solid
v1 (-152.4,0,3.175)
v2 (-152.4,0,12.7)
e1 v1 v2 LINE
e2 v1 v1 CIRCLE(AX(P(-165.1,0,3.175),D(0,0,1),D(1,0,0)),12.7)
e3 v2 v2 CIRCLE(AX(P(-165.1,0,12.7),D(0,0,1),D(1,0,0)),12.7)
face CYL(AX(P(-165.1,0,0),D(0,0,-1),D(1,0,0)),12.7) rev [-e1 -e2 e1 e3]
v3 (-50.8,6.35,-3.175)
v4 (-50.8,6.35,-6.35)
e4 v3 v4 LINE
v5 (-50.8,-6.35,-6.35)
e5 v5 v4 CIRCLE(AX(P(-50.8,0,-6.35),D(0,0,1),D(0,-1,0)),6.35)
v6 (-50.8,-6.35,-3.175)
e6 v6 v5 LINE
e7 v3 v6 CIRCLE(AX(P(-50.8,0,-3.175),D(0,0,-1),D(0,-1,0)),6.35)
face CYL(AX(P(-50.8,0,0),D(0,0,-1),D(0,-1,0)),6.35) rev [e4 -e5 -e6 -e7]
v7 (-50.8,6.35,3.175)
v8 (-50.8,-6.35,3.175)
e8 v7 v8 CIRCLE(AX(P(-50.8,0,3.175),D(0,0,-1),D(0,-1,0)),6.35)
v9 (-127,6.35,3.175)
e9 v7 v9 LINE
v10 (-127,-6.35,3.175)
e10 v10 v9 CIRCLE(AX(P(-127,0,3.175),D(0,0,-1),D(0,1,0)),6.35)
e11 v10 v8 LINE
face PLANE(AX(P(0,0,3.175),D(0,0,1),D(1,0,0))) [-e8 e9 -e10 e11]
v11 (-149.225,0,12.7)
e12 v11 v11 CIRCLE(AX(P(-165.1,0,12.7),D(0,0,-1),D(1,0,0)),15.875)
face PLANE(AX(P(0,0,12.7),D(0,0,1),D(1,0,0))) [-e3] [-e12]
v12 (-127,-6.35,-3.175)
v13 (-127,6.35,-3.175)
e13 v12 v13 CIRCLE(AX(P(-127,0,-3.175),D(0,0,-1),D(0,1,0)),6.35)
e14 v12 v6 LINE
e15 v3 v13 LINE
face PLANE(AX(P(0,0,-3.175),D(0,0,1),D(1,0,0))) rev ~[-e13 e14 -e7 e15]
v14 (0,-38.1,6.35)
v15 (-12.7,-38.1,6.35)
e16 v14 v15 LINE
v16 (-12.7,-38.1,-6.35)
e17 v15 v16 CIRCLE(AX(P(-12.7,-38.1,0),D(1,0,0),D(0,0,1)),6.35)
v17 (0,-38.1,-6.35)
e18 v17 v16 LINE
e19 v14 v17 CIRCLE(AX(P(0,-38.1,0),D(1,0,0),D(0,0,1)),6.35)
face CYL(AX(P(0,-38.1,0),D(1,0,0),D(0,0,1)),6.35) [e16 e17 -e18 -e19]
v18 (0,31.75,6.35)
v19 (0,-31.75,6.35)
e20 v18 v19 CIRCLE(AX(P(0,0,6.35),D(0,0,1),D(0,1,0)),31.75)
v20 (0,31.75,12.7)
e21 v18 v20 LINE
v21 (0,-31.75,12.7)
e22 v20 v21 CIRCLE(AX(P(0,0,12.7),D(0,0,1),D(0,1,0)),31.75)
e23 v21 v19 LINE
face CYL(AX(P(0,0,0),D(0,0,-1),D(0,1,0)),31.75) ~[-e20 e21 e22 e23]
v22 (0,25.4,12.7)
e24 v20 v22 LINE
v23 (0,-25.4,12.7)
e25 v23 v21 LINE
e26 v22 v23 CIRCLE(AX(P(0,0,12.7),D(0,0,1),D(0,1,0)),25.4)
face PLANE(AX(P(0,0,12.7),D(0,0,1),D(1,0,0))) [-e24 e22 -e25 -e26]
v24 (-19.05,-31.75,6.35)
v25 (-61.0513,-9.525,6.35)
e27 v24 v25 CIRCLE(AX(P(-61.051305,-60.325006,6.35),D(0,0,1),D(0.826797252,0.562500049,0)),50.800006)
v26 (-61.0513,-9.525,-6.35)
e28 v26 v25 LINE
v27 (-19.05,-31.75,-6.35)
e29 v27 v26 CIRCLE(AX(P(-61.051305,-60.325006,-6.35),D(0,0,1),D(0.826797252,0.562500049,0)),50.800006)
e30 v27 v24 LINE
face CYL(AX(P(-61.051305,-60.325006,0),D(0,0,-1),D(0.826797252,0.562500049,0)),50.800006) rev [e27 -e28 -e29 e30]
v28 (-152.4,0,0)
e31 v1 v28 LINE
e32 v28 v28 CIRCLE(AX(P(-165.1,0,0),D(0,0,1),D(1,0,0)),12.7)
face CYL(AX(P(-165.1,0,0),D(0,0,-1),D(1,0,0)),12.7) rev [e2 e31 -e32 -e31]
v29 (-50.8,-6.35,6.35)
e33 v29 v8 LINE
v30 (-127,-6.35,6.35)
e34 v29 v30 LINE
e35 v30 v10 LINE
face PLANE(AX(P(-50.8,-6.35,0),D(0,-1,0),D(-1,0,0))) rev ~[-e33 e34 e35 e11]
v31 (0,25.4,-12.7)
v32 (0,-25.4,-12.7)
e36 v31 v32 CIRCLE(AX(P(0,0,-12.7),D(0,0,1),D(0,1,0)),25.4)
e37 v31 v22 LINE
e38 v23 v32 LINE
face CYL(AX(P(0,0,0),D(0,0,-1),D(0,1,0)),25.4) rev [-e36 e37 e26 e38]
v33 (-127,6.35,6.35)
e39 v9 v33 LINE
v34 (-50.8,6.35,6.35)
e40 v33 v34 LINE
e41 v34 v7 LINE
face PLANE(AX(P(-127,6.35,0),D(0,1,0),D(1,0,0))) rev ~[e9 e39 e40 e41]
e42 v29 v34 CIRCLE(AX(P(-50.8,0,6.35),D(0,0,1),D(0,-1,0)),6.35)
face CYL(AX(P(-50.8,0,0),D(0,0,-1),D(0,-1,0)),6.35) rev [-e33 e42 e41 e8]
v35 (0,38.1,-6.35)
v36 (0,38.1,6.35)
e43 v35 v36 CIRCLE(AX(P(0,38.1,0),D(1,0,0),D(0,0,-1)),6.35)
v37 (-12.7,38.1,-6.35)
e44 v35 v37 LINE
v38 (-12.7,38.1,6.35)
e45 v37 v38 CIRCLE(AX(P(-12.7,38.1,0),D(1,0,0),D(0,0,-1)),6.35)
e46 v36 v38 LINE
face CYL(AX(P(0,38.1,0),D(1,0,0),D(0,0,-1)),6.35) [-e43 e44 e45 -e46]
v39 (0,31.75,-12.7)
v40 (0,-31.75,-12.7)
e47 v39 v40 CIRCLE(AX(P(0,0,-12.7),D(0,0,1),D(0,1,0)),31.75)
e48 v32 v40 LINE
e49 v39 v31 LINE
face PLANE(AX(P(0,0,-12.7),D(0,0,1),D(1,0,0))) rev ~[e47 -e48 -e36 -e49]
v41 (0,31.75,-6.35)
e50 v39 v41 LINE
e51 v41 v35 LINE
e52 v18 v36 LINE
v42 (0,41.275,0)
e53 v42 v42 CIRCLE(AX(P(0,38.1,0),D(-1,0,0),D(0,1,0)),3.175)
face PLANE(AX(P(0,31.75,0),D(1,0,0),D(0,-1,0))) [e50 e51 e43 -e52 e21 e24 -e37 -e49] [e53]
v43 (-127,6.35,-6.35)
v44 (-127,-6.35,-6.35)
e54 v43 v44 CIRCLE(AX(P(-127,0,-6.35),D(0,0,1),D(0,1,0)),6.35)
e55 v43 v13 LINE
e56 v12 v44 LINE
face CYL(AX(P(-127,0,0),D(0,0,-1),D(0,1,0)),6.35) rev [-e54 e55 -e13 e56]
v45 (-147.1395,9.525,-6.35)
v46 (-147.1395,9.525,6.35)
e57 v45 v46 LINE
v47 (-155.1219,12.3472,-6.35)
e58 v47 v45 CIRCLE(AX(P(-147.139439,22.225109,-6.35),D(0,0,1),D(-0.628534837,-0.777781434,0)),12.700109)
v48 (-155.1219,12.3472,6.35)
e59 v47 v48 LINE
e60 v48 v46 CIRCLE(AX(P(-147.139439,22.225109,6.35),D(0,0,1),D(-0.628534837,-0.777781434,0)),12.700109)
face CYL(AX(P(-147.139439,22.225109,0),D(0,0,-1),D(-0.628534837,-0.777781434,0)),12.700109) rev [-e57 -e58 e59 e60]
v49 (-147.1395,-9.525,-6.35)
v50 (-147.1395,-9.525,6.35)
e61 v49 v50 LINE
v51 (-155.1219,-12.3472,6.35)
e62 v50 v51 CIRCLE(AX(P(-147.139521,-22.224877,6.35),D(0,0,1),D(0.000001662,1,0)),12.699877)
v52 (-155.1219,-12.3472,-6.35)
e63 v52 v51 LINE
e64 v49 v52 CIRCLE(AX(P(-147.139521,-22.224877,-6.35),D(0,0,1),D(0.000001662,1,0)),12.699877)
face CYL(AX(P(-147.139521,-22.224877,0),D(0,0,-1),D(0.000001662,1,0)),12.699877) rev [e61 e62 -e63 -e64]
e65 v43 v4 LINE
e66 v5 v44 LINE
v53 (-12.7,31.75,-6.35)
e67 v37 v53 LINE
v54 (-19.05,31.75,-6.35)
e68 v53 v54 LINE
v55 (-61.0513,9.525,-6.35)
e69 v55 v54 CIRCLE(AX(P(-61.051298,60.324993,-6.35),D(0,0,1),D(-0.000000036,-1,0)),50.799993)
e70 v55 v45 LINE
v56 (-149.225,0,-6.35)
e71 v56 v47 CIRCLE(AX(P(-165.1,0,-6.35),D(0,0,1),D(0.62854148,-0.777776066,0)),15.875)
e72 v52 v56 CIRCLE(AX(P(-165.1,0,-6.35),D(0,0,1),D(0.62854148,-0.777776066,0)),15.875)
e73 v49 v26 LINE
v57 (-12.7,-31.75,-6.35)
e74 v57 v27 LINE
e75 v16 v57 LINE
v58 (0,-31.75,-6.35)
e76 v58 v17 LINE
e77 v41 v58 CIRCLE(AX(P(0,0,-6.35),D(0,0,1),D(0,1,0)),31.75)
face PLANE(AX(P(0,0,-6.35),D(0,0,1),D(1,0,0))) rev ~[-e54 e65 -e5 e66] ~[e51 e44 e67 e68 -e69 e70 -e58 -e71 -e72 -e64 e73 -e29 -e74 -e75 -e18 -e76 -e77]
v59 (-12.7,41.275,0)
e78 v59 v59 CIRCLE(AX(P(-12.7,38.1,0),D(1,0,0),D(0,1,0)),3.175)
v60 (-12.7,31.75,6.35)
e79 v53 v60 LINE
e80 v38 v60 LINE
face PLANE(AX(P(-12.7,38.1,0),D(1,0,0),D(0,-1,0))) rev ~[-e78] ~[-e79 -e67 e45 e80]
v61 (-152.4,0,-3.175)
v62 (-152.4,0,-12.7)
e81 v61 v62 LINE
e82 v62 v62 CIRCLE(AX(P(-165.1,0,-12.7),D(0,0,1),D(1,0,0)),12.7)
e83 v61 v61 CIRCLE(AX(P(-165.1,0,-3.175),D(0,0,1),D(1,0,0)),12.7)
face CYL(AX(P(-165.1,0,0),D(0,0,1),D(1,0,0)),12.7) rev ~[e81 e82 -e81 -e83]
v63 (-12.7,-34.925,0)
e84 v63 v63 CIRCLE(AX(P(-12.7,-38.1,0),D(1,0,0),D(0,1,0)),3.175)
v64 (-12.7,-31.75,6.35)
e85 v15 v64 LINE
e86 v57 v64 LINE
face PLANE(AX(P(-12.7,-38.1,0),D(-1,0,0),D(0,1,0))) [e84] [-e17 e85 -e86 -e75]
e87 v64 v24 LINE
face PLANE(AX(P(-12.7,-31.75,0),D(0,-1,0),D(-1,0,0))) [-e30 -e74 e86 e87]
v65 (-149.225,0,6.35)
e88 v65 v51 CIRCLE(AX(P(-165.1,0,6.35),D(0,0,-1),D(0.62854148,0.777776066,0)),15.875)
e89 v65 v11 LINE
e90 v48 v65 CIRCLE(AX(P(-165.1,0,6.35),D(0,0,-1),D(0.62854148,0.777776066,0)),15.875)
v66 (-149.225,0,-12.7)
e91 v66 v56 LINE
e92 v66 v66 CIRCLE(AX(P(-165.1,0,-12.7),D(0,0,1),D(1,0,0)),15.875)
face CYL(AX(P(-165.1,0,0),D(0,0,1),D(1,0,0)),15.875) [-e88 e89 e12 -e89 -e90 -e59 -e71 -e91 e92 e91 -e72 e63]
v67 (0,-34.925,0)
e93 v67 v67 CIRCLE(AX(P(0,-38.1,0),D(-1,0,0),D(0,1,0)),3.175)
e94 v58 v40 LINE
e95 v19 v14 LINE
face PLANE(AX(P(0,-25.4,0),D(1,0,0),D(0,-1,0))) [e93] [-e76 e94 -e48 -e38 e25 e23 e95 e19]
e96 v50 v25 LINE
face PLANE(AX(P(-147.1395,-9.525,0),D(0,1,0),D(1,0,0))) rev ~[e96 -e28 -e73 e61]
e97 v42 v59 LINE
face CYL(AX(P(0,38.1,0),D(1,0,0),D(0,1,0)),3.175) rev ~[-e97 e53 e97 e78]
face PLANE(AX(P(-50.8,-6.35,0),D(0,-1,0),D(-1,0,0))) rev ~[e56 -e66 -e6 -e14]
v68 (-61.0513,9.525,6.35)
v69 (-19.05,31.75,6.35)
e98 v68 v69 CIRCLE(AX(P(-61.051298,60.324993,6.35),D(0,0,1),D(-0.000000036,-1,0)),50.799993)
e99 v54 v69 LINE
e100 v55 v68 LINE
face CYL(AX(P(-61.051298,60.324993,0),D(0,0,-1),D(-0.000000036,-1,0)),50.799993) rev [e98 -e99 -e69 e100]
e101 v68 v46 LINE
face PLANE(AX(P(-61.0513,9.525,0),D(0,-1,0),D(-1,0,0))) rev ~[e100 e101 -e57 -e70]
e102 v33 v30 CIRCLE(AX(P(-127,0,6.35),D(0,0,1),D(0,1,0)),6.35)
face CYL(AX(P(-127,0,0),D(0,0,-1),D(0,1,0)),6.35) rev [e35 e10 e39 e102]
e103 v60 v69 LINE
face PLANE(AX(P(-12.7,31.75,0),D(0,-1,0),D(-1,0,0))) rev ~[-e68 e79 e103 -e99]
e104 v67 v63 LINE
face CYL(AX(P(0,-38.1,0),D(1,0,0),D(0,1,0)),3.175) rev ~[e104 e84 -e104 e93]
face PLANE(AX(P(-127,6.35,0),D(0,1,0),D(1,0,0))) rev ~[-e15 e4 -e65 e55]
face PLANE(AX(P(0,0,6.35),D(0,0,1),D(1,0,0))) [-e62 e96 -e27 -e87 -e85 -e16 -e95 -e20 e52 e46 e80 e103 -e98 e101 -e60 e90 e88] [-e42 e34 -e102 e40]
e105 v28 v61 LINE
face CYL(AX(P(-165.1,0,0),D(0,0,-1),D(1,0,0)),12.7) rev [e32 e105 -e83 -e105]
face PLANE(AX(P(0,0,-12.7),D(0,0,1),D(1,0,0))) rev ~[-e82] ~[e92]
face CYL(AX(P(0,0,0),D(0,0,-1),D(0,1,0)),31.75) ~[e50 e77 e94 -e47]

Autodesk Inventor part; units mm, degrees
ref_plane "YZ Plane" through (0, 0, 0) normal (1, 0, 0) x (0, 1, 0)
ref_plane "XZ Plane" through (0, 0, 0) normal (0, 1, 0) x (-1, 0, 0)
ref_plane "XY Plane" through (0, 0, 0) normal (0, 0, 1) x (1, 0, 0)
sketch "Sketch1" plane through (0, 0, 0) normal (0, 0, 1) x (1, 0, 0)
  arc A0 (0, 25.4) -> (0, -25.4) centre (0, 0) ccw
  arc A1 (0, 31.75) -> (0, -31.75) centre (0, 0) ccw
  line L0 (0, 31.75) -> (0, 25.4)
  line L1 (0, 7.578) -> (0, -31.75)
  line L2 (0, 31.75) -> (0, 38.1)
  line L3 (0, 38.1) -> (-12.7, 38.1)
  line L4 (-12.7, 38.1) -> (-12.7, 31.75)
  line L5 (-12.7, 31.75) -> (-19.05, 31.75)
  line L6 (0, -31.75) -> (0, -38.1)
  line L7 (0, -38.1) -> (-12.7, -38.1)
  line L8 (-12.7, -38.1) -> (-12.7, -31.75)
  line L9 (-12.7, -31.75) -> (-19.05, -31.75)
  line L10 (-61.0513, 9.525) -> (-147.1395, 9.525)
  circle A2 centre (-165.1, 0) radius 12.7
  circle A3 centre (-165.1, 0) radius 15.875
  line L11 (-147.1395, -9.525) -> (-61.0513, -9.525)
  arc A4 (-19.05, -31.75) -> (-61.0513, -9.525) centre (-61.0513, -60.325) ccw
  arc A5 (-61.0513, 9.525) -> (-19.05, 31.75) centre (-61.0513, 60.325) ccw
  arc A6 (-155.1219, 12.3472) -> (-147.1395, 9.525) centre (-147.1395, 22.225) ccw
  arc A7 (-147.1395, -9.525) -> (-155.1219, -12.3472) centre (-147.1395, -22.225) ccw
  line L12 (-127, 0) -> (-50.8, 0) construction
  line L13 (-127, 6.35) -> (-50.8, 6.35)
  line L14 (-50.8, -6.35) -> (-127, -6.35)
  arc A8 (-127, 6.35) -> (-127, -6.35) centre (-127, 0) ccw
  arc A9 (-50.8, -6.35) -> (-50.8, 6.35) centre (-50.8, 0) ccw
  line L15 (0, -25.4) -> (0, -31.75)
  line L16 (0, 31.75) -> (0, 25.4)
  point P0 (-88.9, 0)
  dimension "d0" = 165.1
  dimension "d1" = 25.4
  dimension "d2" = 31.75
  dimension "d3" = 76.2
  dimension "d4" = 50.8
  dimension "d5" = 50.8
  dimension "d6" = 12.7
  dimension "d7" = 12.7
  dimension "d8" = 31.75
  dimension "d9" = 25.4
  dimension "d10" = 6.35
  dimension "d11" = 6.35
  dimension "d12" = 12.7
  dimension "d14" = 19.05
  dimension "d16" = 19.05
  dimension "d17" = 9.525
  dimension "d18" = 38.1
  dimension "d21" = 19.05
  dimension "d22" = 12.7
  dimension "d23" = 76.2
  dimension "d24" = 50.8
  dimension "d37" = 0
extrude "Extrusion1" add sketch "Sketch1" along normal mid plane 6.35 contours A0 L1 A1 L0 | A1 L6 L7 L8 L9 A4 L11 A7 A3 A6 L10 A5 L5 L4 L3 L2 | A3 | L13 A9 L14 A8
extrude "Extrusion2" add sketch "Sketch1" along normal mid plane 25.4 contours A0 L1 A1 L0 | A3
extrude "Extrusion3" add sketch "Sketch1" along normal mid plane 12.7 contours A1 L6 L7 L8 L9 A4 L11 A7 A3 A6 L10 A5 L5 L4 L3 L2
sketch "Sketch2" plane through (0, 0, 0) normal (1, 0, 0) x (0, 1, 0)
  line L0 (38.1, -6.35) -> (38.1, 6.35) projected
  circle A0 centre (38.1, 0) radius 3.175
  circle A1 centre (-38.1, 0) radius 3.175
  arc A2 (38.1, -6.35) -> (38.1, 6.35) centre (38.1, 0) ccw
  arc A3 (-38.1, 6.35) -> (-38.1, -6.35) centre (-38.1, 0) ccw
  line L1 (38.1, 6.35) -> (38.1, -6.35)
  line L2 (-38.1, 6.35) -> (-38.1, -6.35)
  line L3 (-38.1, -6.35) -> (-38.1, 6.35) projected
  point P0 (0, 0)
  dimension "d31" = 6.35
  dimension "d32" = 6.35
extrude "Extrusion4" add sketch "Sketch2" against normal blind 12.7 contours L0 A0 A2 | L0 A0 | L2 A1 | A1 L2 A3 picked at (40.0502, 0.2355) picked at (-38.971, -0.6012)
extrude "Extrusion5" cut sketch "Sketch2" against normal blind 12.7 contours A0 L0 | L0 A0 | A1 L2 | L2 A1
equation "\"d17\" = 0.5 * d16"
equation "\"d32\" = d31"
properties part number "HW 7 Part 3" material "Steel, Carbon"
